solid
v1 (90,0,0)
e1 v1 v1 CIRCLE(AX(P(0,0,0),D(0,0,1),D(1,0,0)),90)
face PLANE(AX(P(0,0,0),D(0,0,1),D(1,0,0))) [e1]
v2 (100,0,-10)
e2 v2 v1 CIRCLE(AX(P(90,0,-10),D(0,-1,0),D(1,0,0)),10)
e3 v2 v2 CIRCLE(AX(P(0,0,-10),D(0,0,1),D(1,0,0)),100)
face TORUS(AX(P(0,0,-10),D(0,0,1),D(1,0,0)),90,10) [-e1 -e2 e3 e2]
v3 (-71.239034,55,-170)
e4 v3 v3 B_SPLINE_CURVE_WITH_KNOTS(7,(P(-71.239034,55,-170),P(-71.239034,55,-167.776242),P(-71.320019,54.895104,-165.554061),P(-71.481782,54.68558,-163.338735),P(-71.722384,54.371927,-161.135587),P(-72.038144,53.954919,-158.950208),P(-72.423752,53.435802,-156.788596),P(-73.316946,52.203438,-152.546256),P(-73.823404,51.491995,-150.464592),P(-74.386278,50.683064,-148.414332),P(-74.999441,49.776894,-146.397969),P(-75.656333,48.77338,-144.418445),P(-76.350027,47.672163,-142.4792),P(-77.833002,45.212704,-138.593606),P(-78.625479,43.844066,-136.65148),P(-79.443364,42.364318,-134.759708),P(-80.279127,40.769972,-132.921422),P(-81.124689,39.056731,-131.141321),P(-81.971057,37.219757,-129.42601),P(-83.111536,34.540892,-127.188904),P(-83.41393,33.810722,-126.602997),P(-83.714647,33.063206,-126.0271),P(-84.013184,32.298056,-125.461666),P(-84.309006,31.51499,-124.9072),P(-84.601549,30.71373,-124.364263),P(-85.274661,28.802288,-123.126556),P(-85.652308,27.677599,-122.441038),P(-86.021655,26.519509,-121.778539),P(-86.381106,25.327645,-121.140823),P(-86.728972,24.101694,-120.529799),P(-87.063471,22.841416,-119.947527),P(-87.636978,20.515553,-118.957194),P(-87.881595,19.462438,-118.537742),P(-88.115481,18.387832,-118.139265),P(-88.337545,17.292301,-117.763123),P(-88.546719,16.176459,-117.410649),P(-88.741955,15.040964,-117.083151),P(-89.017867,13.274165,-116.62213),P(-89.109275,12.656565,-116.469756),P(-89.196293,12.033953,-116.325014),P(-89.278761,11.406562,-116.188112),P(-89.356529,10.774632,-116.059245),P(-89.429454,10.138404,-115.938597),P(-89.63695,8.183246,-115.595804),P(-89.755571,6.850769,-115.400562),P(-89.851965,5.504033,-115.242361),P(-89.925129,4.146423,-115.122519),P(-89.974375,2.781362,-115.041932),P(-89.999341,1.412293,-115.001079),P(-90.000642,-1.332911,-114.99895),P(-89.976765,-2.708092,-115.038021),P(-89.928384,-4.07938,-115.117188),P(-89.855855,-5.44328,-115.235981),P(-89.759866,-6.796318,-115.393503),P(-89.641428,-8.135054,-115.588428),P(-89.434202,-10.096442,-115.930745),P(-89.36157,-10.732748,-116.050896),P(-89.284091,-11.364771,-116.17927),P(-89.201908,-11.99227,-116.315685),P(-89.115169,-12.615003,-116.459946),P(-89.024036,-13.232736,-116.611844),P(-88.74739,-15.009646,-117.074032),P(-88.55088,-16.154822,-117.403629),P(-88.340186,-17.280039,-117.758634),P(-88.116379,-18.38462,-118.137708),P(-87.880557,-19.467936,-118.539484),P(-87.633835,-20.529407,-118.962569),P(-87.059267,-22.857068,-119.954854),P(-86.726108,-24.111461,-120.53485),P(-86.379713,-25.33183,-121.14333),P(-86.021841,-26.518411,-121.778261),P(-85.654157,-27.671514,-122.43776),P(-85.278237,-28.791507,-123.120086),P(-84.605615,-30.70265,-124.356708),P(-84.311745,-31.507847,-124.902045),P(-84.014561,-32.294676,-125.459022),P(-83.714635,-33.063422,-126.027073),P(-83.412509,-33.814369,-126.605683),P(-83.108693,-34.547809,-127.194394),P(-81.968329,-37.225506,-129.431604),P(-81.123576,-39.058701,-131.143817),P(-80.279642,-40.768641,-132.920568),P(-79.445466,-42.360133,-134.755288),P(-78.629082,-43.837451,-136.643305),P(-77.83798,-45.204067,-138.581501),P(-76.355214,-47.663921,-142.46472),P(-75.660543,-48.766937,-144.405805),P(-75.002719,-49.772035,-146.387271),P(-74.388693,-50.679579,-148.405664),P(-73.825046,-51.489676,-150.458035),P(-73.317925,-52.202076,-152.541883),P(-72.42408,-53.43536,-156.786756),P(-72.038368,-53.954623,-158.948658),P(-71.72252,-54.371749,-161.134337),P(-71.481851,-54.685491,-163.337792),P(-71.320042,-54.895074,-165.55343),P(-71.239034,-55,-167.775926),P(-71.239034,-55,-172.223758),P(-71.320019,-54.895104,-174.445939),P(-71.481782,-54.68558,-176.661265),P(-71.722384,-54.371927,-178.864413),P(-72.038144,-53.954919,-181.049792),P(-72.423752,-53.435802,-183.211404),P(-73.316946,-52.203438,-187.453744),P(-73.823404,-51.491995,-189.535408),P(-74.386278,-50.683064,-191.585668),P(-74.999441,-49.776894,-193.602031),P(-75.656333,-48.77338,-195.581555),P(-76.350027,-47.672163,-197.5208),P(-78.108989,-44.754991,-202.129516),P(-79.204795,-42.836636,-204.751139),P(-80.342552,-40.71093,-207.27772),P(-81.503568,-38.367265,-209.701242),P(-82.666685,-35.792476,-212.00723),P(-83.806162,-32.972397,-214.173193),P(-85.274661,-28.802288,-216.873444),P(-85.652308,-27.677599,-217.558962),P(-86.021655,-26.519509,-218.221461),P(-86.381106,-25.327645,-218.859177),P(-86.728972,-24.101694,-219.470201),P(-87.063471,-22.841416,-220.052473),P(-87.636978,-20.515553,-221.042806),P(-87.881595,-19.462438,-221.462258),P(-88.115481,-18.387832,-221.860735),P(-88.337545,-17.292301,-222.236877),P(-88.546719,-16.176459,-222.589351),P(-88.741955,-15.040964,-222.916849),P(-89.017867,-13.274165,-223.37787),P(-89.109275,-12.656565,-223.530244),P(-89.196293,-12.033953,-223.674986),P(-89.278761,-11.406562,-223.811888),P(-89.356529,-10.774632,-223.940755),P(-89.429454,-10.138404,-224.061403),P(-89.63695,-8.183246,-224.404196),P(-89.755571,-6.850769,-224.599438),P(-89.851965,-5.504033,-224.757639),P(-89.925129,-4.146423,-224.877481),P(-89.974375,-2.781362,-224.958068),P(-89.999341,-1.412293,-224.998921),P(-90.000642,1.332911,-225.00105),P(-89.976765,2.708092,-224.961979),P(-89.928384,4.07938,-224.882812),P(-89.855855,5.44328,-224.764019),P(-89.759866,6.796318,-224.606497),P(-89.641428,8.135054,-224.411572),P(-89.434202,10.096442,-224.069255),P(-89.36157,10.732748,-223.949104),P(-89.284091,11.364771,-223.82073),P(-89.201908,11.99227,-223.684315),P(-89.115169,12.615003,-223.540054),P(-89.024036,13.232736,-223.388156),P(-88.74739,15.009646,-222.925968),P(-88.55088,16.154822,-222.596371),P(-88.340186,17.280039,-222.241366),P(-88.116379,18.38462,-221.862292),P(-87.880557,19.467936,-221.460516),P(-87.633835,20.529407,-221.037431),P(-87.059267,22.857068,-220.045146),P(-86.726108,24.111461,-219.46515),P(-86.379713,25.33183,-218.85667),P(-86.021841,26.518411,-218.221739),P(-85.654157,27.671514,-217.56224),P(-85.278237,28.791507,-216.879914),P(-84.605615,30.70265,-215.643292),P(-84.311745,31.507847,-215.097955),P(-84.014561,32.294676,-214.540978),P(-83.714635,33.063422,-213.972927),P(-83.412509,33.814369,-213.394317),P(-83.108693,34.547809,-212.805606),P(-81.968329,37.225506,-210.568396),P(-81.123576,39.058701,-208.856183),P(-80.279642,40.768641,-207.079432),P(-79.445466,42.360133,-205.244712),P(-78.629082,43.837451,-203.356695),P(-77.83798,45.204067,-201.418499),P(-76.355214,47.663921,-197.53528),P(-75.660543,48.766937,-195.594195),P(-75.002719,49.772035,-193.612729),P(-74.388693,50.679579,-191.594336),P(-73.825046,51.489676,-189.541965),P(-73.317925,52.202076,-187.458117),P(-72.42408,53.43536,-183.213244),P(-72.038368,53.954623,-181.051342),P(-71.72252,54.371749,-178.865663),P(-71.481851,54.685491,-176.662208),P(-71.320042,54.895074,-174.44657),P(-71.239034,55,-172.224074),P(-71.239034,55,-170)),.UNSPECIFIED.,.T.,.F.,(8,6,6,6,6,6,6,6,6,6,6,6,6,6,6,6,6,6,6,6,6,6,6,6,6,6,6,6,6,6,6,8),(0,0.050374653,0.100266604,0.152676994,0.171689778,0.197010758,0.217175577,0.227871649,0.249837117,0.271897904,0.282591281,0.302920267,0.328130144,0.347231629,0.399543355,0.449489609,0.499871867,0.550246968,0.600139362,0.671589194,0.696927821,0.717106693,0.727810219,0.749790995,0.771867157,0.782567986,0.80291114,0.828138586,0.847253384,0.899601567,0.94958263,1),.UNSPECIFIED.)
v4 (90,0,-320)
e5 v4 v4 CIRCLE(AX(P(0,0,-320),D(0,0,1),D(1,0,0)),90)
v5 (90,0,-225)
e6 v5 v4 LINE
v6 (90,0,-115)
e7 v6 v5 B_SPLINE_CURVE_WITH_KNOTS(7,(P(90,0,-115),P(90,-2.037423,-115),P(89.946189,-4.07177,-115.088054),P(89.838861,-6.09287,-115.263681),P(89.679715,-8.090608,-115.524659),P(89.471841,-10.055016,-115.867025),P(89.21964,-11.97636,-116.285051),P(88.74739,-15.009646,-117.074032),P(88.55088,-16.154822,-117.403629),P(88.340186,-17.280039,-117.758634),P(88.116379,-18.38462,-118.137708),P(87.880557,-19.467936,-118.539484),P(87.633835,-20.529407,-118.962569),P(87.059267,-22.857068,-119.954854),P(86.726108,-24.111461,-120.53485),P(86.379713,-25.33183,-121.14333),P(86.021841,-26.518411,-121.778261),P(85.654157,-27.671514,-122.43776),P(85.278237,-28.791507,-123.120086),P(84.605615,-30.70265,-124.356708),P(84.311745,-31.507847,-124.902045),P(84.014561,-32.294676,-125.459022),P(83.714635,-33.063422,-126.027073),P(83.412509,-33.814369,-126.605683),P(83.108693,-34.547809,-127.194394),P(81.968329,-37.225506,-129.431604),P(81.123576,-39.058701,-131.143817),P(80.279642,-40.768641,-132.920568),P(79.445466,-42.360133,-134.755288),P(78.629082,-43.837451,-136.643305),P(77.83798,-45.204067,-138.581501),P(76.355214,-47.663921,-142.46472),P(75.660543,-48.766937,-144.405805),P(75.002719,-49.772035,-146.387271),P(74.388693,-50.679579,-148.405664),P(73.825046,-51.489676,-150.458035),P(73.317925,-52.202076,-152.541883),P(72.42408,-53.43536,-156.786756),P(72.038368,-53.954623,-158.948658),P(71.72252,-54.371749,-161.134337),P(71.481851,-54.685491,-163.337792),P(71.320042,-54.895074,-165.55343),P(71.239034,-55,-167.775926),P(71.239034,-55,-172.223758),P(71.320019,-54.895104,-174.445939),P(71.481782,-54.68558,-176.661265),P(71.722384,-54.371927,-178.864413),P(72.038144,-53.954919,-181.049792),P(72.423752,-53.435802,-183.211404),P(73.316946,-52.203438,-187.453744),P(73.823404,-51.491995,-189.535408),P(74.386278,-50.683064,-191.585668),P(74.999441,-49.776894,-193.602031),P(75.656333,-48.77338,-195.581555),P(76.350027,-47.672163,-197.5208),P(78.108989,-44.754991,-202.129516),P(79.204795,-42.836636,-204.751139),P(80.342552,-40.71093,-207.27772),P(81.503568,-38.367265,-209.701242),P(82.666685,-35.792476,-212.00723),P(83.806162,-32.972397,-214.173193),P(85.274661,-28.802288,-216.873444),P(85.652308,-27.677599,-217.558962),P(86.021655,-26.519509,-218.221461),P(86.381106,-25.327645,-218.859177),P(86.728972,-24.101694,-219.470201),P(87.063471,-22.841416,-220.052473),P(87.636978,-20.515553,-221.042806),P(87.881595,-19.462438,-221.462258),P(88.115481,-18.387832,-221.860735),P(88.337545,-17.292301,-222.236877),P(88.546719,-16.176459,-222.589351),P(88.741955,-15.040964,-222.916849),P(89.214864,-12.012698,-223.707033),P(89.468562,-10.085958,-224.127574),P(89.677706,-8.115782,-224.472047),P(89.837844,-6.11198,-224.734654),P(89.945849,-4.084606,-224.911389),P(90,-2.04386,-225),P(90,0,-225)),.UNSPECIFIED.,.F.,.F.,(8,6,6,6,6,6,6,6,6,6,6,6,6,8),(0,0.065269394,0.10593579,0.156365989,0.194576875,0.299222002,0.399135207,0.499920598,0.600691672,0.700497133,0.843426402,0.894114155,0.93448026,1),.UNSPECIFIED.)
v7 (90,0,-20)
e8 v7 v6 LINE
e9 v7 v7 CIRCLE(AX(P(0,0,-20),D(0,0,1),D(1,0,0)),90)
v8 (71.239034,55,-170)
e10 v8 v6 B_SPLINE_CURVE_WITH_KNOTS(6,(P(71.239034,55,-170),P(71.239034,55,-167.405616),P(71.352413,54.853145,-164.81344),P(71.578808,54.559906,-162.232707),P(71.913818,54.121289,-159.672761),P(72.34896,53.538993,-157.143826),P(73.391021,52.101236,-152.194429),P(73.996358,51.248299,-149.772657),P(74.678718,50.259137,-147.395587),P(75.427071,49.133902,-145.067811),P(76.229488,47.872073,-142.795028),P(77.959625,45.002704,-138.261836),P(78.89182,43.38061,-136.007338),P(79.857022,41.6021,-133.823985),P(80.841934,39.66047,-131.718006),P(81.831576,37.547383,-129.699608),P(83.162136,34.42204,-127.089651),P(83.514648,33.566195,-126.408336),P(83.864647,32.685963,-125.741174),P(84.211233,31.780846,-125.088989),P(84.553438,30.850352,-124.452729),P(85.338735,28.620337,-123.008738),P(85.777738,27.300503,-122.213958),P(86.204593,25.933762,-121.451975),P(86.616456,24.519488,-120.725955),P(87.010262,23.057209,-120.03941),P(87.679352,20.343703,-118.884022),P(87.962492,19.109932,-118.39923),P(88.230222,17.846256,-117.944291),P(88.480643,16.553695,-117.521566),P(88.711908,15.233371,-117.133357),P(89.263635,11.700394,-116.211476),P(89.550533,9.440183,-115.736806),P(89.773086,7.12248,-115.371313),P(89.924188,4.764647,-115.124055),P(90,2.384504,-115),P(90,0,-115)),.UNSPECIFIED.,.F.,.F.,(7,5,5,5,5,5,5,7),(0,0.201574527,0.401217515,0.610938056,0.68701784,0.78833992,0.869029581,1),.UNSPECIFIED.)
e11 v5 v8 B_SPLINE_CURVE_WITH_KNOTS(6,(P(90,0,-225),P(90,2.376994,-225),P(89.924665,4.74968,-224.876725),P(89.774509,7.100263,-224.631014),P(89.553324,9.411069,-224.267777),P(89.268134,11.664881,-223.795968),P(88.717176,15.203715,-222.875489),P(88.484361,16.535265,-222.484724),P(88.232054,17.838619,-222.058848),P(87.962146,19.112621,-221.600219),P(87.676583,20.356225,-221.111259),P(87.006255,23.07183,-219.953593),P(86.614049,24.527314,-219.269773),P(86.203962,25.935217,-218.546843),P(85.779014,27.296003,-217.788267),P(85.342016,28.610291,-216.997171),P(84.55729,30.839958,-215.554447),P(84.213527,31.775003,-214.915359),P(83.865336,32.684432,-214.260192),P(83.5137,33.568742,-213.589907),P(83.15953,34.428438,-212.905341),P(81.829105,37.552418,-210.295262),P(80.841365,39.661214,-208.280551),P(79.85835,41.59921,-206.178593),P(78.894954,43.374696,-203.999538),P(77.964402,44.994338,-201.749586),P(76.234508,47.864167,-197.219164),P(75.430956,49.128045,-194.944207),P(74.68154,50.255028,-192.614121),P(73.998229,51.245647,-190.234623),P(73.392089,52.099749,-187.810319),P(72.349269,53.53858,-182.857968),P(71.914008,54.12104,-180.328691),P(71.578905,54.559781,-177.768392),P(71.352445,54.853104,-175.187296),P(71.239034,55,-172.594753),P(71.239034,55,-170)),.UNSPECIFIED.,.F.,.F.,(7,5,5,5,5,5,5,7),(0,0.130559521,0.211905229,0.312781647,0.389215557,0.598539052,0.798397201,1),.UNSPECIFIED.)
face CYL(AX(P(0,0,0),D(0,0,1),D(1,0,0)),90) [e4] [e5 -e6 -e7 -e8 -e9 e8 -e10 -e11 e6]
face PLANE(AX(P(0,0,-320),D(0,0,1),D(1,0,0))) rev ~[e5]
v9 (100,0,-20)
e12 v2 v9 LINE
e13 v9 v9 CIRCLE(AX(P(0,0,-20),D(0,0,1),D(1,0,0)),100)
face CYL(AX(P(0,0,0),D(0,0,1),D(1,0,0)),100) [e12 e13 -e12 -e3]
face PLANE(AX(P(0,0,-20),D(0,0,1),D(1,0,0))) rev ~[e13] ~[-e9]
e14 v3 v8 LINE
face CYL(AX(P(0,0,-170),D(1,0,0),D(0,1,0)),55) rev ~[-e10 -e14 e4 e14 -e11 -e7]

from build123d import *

# Parameters (mm, degrees)
F0_R     = 100
F0_R_2   = 90
F1_DEPTH = 20
F2_DEPTH = 320
F3_R     = 10
F4_R     = 55
F5_DEPTH = 500


with BuildPart() as f1:
    # F0 (on Top) → F1 (new body)
    with BuildSketch(Plane.XY):
        Circle(F0_R)
        Circle(F0_R_2, mode=Mode.SUBTRACT)
    extrude(amount=-F1_DEPTH)

    # F0 (on Top) → F2 (join)
    with BuildSketch(Plane.XY):
        Circle(F0_R_2)
    extrude(amount=-F2_DEPTH)

    # F3
    f3_edges = [f1.edges().sort_by_distance(p)[0] for p in [
        (-100, 0, 0),
    ]]
    fillet(f3_edges, radius=F3_R)

    # F4 (on Right) → F5 (cut, symmetric)
    with BuildSketch(Plane.YZ):
        with Locations((0, -170)):
            Circle(F4_R)
    extrude(amount=F5_DEPTH, both=True, mode=Mode.SUBTRACT)


solid = f1.part
